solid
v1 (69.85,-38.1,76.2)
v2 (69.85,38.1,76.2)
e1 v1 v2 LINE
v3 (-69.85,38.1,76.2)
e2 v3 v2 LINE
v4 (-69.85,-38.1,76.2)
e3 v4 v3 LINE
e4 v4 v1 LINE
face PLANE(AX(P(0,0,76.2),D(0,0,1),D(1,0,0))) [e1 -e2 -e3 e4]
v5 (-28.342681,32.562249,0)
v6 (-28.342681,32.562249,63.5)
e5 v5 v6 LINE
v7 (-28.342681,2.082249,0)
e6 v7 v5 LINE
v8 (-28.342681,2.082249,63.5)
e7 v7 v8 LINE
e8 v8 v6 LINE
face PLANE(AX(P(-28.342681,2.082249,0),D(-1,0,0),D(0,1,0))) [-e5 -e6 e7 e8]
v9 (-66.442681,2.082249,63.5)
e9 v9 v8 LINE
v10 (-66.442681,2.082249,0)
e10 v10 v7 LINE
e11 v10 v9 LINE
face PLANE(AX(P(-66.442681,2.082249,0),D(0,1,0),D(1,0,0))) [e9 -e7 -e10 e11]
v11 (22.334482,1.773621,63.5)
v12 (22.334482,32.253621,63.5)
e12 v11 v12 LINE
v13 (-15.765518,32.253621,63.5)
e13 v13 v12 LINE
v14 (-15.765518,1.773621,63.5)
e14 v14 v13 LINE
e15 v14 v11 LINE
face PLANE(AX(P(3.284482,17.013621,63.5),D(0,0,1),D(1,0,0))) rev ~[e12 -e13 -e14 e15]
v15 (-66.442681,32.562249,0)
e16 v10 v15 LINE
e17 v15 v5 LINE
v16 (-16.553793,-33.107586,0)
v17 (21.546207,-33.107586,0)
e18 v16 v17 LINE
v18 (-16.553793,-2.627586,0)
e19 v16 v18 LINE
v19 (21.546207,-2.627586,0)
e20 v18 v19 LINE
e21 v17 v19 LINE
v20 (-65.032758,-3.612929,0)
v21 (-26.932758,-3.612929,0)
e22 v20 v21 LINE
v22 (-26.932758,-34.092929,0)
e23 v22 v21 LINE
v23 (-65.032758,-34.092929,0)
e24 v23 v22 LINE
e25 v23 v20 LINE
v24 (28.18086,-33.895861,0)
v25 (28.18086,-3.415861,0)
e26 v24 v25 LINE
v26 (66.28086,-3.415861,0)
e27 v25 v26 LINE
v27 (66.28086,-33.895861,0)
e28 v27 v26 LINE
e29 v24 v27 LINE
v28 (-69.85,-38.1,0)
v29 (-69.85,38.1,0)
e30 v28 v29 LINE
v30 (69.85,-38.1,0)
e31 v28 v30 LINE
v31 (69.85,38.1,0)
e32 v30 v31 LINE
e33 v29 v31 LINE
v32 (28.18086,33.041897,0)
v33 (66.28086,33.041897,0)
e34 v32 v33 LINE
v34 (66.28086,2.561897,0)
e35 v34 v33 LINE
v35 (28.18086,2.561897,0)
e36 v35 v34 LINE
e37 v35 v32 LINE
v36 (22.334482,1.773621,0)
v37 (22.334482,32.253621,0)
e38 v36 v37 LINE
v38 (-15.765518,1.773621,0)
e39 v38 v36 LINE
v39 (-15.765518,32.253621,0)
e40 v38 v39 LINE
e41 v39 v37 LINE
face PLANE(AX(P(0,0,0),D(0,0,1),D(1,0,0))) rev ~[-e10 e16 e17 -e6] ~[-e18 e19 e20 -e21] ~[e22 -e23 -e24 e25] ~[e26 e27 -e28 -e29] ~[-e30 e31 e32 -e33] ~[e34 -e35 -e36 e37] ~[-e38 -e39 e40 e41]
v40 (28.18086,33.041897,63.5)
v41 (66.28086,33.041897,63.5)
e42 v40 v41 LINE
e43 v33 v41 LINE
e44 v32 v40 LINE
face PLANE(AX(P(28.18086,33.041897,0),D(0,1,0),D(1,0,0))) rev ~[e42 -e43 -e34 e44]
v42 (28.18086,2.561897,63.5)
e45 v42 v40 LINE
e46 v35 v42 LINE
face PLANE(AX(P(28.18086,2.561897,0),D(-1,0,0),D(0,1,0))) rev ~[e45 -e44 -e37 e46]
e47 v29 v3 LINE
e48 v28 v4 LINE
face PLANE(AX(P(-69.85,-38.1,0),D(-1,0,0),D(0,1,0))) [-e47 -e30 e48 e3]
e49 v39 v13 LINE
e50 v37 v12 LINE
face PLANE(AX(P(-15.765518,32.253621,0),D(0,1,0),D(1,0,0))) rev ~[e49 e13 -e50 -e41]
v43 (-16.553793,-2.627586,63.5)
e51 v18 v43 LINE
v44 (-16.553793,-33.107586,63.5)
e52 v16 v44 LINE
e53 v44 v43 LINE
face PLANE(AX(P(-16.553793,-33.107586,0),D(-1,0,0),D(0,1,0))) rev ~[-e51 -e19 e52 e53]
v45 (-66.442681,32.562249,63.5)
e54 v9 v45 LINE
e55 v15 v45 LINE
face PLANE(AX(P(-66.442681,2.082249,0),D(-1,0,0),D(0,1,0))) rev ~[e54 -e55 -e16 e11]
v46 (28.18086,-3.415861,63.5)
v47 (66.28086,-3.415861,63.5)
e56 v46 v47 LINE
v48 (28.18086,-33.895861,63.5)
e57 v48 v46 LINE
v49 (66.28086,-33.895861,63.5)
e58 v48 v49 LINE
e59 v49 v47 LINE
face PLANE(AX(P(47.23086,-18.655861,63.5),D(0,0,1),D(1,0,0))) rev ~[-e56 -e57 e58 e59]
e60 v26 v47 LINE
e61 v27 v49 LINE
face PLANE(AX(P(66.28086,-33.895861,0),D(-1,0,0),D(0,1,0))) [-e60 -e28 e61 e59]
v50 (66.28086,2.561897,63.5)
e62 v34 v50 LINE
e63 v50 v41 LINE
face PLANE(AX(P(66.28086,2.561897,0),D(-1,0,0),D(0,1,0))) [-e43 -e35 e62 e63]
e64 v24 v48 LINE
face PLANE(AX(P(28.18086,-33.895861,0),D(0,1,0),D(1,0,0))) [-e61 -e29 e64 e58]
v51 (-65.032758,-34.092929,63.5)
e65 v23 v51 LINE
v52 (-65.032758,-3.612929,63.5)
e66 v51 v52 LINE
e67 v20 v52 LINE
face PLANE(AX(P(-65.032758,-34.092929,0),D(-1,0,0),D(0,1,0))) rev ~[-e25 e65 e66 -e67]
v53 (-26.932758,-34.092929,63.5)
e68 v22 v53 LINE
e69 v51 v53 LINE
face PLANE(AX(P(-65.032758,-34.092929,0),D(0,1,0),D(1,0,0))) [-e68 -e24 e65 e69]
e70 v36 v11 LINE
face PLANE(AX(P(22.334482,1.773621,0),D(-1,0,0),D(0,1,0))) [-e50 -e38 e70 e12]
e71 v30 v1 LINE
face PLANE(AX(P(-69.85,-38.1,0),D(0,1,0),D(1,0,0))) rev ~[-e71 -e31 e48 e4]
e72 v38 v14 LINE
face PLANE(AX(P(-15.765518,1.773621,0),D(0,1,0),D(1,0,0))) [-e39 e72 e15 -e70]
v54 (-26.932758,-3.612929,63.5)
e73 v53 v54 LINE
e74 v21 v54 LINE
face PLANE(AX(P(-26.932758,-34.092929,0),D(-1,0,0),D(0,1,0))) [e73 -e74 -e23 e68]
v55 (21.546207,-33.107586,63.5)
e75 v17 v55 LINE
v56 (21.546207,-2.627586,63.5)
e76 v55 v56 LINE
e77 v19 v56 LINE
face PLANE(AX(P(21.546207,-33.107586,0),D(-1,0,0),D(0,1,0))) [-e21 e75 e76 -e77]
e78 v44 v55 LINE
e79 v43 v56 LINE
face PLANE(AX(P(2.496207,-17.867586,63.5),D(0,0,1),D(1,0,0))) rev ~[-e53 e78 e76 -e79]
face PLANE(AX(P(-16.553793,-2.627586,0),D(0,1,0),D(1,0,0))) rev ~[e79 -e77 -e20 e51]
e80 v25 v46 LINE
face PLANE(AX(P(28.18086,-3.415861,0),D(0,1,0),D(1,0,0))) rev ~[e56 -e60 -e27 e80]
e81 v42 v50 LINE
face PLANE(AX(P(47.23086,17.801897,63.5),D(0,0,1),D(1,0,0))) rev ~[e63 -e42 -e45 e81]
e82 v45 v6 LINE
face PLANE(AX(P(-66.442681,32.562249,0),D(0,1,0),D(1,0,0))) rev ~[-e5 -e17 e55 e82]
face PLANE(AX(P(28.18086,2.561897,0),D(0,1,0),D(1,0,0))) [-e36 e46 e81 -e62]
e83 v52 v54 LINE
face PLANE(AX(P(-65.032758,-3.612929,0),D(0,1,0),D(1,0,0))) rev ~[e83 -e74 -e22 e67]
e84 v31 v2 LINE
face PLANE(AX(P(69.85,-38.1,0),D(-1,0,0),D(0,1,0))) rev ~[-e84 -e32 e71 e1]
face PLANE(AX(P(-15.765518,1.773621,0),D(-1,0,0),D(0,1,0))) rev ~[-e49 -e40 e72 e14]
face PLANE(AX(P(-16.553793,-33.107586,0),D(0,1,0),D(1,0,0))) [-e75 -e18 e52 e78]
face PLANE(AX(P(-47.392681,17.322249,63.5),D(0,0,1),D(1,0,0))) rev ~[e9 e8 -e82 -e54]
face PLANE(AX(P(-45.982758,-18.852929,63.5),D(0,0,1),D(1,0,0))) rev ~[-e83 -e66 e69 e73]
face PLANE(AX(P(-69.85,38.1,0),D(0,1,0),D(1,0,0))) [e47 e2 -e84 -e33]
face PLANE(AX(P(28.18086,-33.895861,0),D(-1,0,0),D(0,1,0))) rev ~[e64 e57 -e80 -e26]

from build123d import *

# Parameters (mm, degrees)
F0_W     = 139.7
F0_H     = 76.2
F0_W_2   = 38.1
F0_H_2   = 30.48
F1_DEPTH = 76.2
F2_DEPTH = 63.5


with BuildPart() as f1:
    # F0 (on Top) → F1 (new body)
    with BuildSketch(Plane.XY):
        Rectangle(F0_W, F0_H)
        with Locations((-45.982758, -18.852929)):
            Rectangle(F0_W_2, F0_H_2, mode=Mode.SUBTRACT)
        with Locations((2.496207, -17.867586)):
            Rectangle(F0_W_2, F0_H_2, mode=Mode.SUBTRACT)
        with Locations((47.23086, -18.655861)):
            Rectangle(F0_W_2, F0_H_2, mode=Mode.SUBTRACT)
        with Locations((-47.392681, 17.322249)):
            Rectangle(F0_W_2, F0_H_2, mode=Mode.SUBTRACT)
        with Locations((3.284482, 17.013621)):
            Rectangle(F0_W_2, F0_H_2, mode=Mode.SUBTRACT)
        with Locations((47.23086, 17.801897)):
            Rectangle(F0_W_2, F0_H_2, mode=Mode.SUBTRACT)
        with Locations((-47.392681, 17.322249)):
            Rectangle(F0_W_2, F0_H_2)
        with Locations((3.284482, 17.013621)):
            Rectangle(F0_W_2, F0_H_2)
        with Locations((47.23086, 17.801897)):
            Rectangle(F0_W_2, F0_H_2)
        with Locations((47.23086, -18.655861)):
            Rectangle(F0_W_2, F0_H_2)
        with Locations((2.496207, -17.867586)):
            Rectangle(F0_W_2, F0_H_2)
        with Locations((-45.982758, -18.852929)):
            Rectangle(F0_W_2, F0_H_2)
    extrude(amount=F1_DEPTH)

    # F0 (on Top) → F2 (cut)
    with BuildSketch(Plane.XY):
        with Locations((-47.392681, 17.322249)):
            Rectangle(F0_W_2, F0_H_2)
        with Locations((3.284482, 17.013621)):
            Rectangle(F0_W_2, F0_H_2)
        with Locations((47.23086, 17.801897)):
            Rectangle(F0_W_2, F0_H_2)
        with Locations((47.23086, -18.655861)):
            Rectangle(F0_W_2, F0_H_2)
        with Locations((2.496207, -17.867586)):
            Rectangle(F0_W_2, F0_H_2)
        with Locations((-45.982758, -18.852929)):
            Rectangle(F0_W_2, F0_H_2)
    extrude(amount=F2_DEPTH, mode=Mode.SUBTRACT)


solid = f1.part
